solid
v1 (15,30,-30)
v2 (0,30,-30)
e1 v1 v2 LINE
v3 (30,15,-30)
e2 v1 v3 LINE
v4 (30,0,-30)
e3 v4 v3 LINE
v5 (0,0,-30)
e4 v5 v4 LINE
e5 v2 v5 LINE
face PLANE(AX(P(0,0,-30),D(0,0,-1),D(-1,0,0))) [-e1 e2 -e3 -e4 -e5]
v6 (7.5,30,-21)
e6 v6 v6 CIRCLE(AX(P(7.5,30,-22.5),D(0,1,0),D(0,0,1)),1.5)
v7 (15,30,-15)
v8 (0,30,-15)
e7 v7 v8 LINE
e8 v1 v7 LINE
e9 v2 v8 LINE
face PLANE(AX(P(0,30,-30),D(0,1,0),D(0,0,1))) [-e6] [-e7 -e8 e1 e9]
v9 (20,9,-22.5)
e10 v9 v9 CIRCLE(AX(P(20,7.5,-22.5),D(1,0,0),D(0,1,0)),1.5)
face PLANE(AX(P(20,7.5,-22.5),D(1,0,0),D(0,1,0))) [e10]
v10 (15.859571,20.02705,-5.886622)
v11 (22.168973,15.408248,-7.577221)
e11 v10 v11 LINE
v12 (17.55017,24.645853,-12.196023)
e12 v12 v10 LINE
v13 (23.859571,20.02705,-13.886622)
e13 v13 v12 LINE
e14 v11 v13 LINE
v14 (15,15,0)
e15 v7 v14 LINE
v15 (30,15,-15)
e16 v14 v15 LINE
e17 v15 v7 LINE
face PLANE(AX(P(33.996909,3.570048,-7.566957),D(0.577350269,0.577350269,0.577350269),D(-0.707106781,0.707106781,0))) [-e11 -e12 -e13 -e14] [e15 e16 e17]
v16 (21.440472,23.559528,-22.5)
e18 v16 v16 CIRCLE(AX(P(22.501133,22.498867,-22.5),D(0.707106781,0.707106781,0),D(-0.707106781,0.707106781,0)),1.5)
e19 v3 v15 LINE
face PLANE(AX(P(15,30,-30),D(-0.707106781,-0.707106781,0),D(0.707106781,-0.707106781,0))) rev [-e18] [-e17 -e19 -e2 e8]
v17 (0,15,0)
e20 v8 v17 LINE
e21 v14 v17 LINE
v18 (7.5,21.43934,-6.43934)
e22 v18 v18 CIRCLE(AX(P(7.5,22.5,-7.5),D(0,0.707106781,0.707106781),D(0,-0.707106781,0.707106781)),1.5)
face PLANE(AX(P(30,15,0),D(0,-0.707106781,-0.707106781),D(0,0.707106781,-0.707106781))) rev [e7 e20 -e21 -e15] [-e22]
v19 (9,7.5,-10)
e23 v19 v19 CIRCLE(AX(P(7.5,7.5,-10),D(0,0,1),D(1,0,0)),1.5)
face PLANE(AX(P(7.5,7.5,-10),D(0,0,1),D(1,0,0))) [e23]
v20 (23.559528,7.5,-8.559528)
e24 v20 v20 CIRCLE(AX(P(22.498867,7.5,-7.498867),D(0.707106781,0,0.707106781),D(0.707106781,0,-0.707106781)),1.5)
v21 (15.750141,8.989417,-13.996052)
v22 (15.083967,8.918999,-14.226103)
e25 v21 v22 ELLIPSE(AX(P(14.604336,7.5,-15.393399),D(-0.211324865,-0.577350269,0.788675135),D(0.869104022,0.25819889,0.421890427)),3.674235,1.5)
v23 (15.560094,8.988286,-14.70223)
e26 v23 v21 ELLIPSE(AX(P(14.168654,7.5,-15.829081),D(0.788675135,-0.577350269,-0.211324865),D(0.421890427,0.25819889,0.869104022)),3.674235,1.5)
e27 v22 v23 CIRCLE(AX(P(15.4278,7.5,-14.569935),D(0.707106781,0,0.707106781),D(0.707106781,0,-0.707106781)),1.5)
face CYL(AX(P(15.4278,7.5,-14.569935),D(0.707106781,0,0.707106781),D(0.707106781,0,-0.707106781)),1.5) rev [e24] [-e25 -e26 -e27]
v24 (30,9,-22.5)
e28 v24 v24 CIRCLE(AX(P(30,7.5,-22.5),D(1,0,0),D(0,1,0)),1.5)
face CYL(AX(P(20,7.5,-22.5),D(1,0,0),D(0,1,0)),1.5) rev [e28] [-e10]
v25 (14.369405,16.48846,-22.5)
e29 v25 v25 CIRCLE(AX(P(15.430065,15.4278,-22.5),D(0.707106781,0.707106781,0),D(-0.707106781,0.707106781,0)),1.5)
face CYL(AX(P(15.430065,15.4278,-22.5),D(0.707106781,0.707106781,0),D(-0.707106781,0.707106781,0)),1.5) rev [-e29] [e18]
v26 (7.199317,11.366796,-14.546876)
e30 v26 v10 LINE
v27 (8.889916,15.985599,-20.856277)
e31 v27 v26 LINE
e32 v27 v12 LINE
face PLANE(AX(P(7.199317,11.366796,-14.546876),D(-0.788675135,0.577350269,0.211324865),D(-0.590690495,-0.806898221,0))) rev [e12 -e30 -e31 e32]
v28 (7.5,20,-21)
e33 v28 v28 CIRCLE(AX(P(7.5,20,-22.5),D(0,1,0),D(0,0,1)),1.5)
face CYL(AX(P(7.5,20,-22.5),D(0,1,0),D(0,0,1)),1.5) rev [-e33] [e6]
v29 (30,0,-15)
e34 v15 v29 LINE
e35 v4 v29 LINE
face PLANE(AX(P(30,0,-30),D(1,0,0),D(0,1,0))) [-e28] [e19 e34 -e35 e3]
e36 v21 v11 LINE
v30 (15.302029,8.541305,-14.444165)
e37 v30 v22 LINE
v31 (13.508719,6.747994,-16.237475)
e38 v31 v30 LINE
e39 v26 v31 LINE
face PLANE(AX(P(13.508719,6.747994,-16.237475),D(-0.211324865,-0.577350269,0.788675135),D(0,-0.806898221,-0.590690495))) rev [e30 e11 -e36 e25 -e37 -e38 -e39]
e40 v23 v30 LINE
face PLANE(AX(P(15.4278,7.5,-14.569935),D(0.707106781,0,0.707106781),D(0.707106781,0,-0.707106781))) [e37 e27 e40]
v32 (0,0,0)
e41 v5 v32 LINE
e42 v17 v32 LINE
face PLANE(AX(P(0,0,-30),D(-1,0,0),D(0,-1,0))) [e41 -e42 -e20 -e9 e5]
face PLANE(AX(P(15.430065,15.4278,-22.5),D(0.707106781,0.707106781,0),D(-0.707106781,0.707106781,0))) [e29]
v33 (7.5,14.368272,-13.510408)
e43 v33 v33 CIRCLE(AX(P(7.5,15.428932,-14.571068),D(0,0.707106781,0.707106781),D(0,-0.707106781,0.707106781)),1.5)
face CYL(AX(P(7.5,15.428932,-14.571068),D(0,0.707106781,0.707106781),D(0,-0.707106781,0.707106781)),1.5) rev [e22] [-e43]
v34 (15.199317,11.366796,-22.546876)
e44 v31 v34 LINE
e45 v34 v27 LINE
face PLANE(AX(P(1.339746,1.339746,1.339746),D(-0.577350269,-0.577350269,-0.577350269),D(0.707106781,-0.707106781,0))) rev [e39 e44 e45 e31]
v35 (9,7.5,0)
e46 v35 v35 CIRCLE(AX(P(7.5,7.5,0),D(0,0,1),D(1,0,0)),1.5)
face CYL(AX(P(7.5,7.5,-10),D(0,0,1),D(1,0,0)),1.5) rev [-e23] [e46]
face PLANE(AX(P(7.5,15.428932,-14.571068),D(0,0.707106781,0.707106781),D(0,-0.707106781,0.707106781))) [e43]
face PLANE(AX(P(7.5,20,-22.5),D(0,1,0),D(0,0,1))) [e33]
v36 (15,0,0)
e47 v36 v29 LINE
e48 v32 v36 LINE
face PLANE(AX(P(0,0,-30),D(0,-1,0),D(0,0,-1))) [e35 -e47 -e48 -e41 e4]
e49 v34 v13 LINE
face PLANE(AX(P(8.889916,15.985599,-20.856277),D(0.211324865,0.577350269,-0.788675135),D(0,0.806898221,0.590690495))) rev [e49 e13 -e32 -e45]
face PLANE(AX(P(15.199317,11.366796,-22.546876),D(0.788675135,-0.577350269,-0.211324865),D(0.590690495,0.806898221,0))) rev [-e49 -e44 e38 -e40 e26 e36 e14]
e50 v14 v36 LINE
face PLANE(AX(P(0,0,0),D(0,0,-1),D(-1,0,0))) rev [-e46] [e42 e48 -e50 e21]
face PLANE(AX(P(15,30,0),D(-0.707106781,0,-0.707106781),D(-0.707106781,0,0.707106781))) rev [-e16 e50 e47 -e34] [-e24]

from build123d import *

# Parameters (mm, degrees)
SKETCH1_W           = 30
SKETCH1_H           = 30
BOSS_EXTRUDE1_DEPTH = 30
CUT_EXTRUDE1_DEPTH  = 30
CUT_EXTRUDE2_DEPTH  = 30
CUT_EXTRUDE3_DEPTH  = 30
CUT_EXTRUDE4_DEPTH  = 30
CUT_EXTRUDE5_DEPTH  = 15
SKETCH6_R           = 1.5
CUT_EXTRUDE6_DEPTH  = 10
SKETCH7_R           = 1.5
CUT_EXTRUDE7_DEPTH  = 10
SKETCH8_R           = 1.5
CUT_EXTRUDE8_DEPTH  = 10
SKETCH9_R           = 1.5
CUT_EXTRUDE9_DEPTH  = 10
SKETCH10_R          = 1.5
CUT_EXTRUDE10_DEPTH = 10
SKETCH11_R          = 1.5
CUT_EXTRUDE11_DEPTH = 10


with BuildPart() as part:
    # Sketch1 → Boss-Extrude1 (new body)
    with BuildSketch(Plane.XY):
        with Locations((15, 15)):
            Rectangle(SKETCH1_W, SKETCH1_H)
    extrude(amount=-BOSS_EXTRUDE1_DEPTH)

    # Sketch2 → Cut-Extrude1 (cut)
    with BuildSketch(Plane.XY):
        Polygon((15, 30), (30, 15), (45, 15), (45, 45.619084343), (15, 40.368332998), align=None)
    extrude(amount=-CUT_EXTRUDE1_DEPTH, mode=Mode.SUBTRACT)

    # Sketch3 → Cut-Extrude2 (cut)
    with BuildSketch(Plane.ZY):
        Polygon((0, 15), (-15, 30), (-15, 36.177250049), (9.539630377, 36.177250049), (9.539630377, 15), align=None)
    extrude(amount=-CUT_EXTRUDE2_DEPTH, mode=Mode.SUBTRACT)

    # Sketch4 → Cut-Extrude3 (cut)
    with BuildSketch(Plane.XZ):
        Polygon((15, 0), (30, -15), (40.227840819, -15), (40.227840819, 9.317096887), (15, 8.966367386), align=None)
    extrude(amount=-CUT_EXTRUDE3_DEPTH, mode=Mode.SUBTRACT)

    # 3DSketch1 → Cut-Extrude4 (cut)
    with BuildSketch(Plane(origin=(33.996909354, 3.570047518, -7.566956872), x_dir=(-0.34464530014522, 0.4926249601560642, 0.7990871452595439), z_dir=(-0.2113248654051872, 0.788675134594813, -0.5773502691896257))):
        Polygon((0, 0), (25.47550653, -16.637081723), (36.340550094, 0), (10.865043564, 16.637081723), align=None)
    extrude(amount=CUT_EXTRUDE4_DEPTH, mode=Mode.SUBTRACT)

    # Sketch5 → Cut-Extrude5 (cut)
    with BuildSketch(Plane(origin=(10, 10, 10), x_dir=(0.4082482904638628, 0.40824829046386263, -0.8164965809277264), z_dir=(0.5773502691896263, 0.5773502691896258, 0.5773502691896254))):
        Polygon((19.457058725, 2.946852636), (27.184465336, 5.017404997), (29.255017696, -2.710001614), (21.527611086, -4.780553975), align=None)
    extrude(amount=-CUT_EXTRUDE5_DEPTH, mode=Mode.SUBTRACT)

    # Sketch6 → Cut-Extrude6 (cut)
    with BuildSketch(Plane(origin=(0, 30, 0), x_dir=(1, 0, 0), z_dir=(0, 1, 0))):
        with Locations(Location((7.5, 22.5, 0), (0, 0, 270))):
            Circle(SKETCH6_R)
    extrude(amount=-CUT_EXTRUDE6_DEPTH, mode=Mode.SUBTRACT)

    # Sketch7 → Cut-Extrude7 (cut)
    with BuildSketch(Plane(origin=(0, 7.5, 7.5), x_dir=(1, 0, 0), z_dir=(0, 0.7071067811865477, 0.7071067811865475))):
        with Locations(Location((7.5, 21.213203436, 0), (0, 0, 270))):
            Circle(SKETCH7_R)
    extrude(amount=-CUT_EXTRUDE7_DEPTH, mode=Mode.SUBTRACT)

    # Sketch8 → Cut-Extrude8 (cut)
    with BuildSketch(Plane.XY):
        with Locations((7.5, 7.5)):
            Circle(SKETCH8_R)
    extrude(amount=-CUT_EXTRUDE8_DEPTH, mode=Mode.SUBTRACT)

    # Sketch9 → Cut-Extrude9 (cut)
    with BuildSketch(Plane(origin=(22.5, 22.5, 0), x_dir=(0, 0, -1), z_dir=(0.7071067811865474, 0.7071067811865477, 0))):
        with Locations(Location((22.5, -0.001601718, 0), (0, 0, 90))):
            Circle(SKETCH9_R)
    extrude(amount=-CUT_EXTRUDE9_DEPTH, mode=Mode.SUBTRACT)

    # Sketch10 → Cut-Extrude10 (cut)
    with BuildSketch(Plane(origin=(30, 0, 0), x_dir=(0, 0, -1), z_dir=(1, 0, 0))):
        with Locations(Location((22.5, 7.5, 0), (0, 0, 90))):
            Circle(SKETCH10_R)
    extrude(amount=-CUT_EXTRUDE10_DEPTH, mode=Mode.SUBTRACT)

    # Sketch11 → Cut-Extrude11 (cut)
    with BuildSketch(Plane(origin=(7.5, 0, 7.5), x_dir=(0.7071067811865475, 0, -0.7071067811865477), z_dir=(0.7071067811865477, 0, 0.7071067811865475))):
        with Locations((21.211601718, 7.5)):
            Circle(SKETCH11_R)
    extrude(amount=-CUT_EXTRUDE11_DEPTH, mode=Mode.SUBTRACT)


solid = part.part
